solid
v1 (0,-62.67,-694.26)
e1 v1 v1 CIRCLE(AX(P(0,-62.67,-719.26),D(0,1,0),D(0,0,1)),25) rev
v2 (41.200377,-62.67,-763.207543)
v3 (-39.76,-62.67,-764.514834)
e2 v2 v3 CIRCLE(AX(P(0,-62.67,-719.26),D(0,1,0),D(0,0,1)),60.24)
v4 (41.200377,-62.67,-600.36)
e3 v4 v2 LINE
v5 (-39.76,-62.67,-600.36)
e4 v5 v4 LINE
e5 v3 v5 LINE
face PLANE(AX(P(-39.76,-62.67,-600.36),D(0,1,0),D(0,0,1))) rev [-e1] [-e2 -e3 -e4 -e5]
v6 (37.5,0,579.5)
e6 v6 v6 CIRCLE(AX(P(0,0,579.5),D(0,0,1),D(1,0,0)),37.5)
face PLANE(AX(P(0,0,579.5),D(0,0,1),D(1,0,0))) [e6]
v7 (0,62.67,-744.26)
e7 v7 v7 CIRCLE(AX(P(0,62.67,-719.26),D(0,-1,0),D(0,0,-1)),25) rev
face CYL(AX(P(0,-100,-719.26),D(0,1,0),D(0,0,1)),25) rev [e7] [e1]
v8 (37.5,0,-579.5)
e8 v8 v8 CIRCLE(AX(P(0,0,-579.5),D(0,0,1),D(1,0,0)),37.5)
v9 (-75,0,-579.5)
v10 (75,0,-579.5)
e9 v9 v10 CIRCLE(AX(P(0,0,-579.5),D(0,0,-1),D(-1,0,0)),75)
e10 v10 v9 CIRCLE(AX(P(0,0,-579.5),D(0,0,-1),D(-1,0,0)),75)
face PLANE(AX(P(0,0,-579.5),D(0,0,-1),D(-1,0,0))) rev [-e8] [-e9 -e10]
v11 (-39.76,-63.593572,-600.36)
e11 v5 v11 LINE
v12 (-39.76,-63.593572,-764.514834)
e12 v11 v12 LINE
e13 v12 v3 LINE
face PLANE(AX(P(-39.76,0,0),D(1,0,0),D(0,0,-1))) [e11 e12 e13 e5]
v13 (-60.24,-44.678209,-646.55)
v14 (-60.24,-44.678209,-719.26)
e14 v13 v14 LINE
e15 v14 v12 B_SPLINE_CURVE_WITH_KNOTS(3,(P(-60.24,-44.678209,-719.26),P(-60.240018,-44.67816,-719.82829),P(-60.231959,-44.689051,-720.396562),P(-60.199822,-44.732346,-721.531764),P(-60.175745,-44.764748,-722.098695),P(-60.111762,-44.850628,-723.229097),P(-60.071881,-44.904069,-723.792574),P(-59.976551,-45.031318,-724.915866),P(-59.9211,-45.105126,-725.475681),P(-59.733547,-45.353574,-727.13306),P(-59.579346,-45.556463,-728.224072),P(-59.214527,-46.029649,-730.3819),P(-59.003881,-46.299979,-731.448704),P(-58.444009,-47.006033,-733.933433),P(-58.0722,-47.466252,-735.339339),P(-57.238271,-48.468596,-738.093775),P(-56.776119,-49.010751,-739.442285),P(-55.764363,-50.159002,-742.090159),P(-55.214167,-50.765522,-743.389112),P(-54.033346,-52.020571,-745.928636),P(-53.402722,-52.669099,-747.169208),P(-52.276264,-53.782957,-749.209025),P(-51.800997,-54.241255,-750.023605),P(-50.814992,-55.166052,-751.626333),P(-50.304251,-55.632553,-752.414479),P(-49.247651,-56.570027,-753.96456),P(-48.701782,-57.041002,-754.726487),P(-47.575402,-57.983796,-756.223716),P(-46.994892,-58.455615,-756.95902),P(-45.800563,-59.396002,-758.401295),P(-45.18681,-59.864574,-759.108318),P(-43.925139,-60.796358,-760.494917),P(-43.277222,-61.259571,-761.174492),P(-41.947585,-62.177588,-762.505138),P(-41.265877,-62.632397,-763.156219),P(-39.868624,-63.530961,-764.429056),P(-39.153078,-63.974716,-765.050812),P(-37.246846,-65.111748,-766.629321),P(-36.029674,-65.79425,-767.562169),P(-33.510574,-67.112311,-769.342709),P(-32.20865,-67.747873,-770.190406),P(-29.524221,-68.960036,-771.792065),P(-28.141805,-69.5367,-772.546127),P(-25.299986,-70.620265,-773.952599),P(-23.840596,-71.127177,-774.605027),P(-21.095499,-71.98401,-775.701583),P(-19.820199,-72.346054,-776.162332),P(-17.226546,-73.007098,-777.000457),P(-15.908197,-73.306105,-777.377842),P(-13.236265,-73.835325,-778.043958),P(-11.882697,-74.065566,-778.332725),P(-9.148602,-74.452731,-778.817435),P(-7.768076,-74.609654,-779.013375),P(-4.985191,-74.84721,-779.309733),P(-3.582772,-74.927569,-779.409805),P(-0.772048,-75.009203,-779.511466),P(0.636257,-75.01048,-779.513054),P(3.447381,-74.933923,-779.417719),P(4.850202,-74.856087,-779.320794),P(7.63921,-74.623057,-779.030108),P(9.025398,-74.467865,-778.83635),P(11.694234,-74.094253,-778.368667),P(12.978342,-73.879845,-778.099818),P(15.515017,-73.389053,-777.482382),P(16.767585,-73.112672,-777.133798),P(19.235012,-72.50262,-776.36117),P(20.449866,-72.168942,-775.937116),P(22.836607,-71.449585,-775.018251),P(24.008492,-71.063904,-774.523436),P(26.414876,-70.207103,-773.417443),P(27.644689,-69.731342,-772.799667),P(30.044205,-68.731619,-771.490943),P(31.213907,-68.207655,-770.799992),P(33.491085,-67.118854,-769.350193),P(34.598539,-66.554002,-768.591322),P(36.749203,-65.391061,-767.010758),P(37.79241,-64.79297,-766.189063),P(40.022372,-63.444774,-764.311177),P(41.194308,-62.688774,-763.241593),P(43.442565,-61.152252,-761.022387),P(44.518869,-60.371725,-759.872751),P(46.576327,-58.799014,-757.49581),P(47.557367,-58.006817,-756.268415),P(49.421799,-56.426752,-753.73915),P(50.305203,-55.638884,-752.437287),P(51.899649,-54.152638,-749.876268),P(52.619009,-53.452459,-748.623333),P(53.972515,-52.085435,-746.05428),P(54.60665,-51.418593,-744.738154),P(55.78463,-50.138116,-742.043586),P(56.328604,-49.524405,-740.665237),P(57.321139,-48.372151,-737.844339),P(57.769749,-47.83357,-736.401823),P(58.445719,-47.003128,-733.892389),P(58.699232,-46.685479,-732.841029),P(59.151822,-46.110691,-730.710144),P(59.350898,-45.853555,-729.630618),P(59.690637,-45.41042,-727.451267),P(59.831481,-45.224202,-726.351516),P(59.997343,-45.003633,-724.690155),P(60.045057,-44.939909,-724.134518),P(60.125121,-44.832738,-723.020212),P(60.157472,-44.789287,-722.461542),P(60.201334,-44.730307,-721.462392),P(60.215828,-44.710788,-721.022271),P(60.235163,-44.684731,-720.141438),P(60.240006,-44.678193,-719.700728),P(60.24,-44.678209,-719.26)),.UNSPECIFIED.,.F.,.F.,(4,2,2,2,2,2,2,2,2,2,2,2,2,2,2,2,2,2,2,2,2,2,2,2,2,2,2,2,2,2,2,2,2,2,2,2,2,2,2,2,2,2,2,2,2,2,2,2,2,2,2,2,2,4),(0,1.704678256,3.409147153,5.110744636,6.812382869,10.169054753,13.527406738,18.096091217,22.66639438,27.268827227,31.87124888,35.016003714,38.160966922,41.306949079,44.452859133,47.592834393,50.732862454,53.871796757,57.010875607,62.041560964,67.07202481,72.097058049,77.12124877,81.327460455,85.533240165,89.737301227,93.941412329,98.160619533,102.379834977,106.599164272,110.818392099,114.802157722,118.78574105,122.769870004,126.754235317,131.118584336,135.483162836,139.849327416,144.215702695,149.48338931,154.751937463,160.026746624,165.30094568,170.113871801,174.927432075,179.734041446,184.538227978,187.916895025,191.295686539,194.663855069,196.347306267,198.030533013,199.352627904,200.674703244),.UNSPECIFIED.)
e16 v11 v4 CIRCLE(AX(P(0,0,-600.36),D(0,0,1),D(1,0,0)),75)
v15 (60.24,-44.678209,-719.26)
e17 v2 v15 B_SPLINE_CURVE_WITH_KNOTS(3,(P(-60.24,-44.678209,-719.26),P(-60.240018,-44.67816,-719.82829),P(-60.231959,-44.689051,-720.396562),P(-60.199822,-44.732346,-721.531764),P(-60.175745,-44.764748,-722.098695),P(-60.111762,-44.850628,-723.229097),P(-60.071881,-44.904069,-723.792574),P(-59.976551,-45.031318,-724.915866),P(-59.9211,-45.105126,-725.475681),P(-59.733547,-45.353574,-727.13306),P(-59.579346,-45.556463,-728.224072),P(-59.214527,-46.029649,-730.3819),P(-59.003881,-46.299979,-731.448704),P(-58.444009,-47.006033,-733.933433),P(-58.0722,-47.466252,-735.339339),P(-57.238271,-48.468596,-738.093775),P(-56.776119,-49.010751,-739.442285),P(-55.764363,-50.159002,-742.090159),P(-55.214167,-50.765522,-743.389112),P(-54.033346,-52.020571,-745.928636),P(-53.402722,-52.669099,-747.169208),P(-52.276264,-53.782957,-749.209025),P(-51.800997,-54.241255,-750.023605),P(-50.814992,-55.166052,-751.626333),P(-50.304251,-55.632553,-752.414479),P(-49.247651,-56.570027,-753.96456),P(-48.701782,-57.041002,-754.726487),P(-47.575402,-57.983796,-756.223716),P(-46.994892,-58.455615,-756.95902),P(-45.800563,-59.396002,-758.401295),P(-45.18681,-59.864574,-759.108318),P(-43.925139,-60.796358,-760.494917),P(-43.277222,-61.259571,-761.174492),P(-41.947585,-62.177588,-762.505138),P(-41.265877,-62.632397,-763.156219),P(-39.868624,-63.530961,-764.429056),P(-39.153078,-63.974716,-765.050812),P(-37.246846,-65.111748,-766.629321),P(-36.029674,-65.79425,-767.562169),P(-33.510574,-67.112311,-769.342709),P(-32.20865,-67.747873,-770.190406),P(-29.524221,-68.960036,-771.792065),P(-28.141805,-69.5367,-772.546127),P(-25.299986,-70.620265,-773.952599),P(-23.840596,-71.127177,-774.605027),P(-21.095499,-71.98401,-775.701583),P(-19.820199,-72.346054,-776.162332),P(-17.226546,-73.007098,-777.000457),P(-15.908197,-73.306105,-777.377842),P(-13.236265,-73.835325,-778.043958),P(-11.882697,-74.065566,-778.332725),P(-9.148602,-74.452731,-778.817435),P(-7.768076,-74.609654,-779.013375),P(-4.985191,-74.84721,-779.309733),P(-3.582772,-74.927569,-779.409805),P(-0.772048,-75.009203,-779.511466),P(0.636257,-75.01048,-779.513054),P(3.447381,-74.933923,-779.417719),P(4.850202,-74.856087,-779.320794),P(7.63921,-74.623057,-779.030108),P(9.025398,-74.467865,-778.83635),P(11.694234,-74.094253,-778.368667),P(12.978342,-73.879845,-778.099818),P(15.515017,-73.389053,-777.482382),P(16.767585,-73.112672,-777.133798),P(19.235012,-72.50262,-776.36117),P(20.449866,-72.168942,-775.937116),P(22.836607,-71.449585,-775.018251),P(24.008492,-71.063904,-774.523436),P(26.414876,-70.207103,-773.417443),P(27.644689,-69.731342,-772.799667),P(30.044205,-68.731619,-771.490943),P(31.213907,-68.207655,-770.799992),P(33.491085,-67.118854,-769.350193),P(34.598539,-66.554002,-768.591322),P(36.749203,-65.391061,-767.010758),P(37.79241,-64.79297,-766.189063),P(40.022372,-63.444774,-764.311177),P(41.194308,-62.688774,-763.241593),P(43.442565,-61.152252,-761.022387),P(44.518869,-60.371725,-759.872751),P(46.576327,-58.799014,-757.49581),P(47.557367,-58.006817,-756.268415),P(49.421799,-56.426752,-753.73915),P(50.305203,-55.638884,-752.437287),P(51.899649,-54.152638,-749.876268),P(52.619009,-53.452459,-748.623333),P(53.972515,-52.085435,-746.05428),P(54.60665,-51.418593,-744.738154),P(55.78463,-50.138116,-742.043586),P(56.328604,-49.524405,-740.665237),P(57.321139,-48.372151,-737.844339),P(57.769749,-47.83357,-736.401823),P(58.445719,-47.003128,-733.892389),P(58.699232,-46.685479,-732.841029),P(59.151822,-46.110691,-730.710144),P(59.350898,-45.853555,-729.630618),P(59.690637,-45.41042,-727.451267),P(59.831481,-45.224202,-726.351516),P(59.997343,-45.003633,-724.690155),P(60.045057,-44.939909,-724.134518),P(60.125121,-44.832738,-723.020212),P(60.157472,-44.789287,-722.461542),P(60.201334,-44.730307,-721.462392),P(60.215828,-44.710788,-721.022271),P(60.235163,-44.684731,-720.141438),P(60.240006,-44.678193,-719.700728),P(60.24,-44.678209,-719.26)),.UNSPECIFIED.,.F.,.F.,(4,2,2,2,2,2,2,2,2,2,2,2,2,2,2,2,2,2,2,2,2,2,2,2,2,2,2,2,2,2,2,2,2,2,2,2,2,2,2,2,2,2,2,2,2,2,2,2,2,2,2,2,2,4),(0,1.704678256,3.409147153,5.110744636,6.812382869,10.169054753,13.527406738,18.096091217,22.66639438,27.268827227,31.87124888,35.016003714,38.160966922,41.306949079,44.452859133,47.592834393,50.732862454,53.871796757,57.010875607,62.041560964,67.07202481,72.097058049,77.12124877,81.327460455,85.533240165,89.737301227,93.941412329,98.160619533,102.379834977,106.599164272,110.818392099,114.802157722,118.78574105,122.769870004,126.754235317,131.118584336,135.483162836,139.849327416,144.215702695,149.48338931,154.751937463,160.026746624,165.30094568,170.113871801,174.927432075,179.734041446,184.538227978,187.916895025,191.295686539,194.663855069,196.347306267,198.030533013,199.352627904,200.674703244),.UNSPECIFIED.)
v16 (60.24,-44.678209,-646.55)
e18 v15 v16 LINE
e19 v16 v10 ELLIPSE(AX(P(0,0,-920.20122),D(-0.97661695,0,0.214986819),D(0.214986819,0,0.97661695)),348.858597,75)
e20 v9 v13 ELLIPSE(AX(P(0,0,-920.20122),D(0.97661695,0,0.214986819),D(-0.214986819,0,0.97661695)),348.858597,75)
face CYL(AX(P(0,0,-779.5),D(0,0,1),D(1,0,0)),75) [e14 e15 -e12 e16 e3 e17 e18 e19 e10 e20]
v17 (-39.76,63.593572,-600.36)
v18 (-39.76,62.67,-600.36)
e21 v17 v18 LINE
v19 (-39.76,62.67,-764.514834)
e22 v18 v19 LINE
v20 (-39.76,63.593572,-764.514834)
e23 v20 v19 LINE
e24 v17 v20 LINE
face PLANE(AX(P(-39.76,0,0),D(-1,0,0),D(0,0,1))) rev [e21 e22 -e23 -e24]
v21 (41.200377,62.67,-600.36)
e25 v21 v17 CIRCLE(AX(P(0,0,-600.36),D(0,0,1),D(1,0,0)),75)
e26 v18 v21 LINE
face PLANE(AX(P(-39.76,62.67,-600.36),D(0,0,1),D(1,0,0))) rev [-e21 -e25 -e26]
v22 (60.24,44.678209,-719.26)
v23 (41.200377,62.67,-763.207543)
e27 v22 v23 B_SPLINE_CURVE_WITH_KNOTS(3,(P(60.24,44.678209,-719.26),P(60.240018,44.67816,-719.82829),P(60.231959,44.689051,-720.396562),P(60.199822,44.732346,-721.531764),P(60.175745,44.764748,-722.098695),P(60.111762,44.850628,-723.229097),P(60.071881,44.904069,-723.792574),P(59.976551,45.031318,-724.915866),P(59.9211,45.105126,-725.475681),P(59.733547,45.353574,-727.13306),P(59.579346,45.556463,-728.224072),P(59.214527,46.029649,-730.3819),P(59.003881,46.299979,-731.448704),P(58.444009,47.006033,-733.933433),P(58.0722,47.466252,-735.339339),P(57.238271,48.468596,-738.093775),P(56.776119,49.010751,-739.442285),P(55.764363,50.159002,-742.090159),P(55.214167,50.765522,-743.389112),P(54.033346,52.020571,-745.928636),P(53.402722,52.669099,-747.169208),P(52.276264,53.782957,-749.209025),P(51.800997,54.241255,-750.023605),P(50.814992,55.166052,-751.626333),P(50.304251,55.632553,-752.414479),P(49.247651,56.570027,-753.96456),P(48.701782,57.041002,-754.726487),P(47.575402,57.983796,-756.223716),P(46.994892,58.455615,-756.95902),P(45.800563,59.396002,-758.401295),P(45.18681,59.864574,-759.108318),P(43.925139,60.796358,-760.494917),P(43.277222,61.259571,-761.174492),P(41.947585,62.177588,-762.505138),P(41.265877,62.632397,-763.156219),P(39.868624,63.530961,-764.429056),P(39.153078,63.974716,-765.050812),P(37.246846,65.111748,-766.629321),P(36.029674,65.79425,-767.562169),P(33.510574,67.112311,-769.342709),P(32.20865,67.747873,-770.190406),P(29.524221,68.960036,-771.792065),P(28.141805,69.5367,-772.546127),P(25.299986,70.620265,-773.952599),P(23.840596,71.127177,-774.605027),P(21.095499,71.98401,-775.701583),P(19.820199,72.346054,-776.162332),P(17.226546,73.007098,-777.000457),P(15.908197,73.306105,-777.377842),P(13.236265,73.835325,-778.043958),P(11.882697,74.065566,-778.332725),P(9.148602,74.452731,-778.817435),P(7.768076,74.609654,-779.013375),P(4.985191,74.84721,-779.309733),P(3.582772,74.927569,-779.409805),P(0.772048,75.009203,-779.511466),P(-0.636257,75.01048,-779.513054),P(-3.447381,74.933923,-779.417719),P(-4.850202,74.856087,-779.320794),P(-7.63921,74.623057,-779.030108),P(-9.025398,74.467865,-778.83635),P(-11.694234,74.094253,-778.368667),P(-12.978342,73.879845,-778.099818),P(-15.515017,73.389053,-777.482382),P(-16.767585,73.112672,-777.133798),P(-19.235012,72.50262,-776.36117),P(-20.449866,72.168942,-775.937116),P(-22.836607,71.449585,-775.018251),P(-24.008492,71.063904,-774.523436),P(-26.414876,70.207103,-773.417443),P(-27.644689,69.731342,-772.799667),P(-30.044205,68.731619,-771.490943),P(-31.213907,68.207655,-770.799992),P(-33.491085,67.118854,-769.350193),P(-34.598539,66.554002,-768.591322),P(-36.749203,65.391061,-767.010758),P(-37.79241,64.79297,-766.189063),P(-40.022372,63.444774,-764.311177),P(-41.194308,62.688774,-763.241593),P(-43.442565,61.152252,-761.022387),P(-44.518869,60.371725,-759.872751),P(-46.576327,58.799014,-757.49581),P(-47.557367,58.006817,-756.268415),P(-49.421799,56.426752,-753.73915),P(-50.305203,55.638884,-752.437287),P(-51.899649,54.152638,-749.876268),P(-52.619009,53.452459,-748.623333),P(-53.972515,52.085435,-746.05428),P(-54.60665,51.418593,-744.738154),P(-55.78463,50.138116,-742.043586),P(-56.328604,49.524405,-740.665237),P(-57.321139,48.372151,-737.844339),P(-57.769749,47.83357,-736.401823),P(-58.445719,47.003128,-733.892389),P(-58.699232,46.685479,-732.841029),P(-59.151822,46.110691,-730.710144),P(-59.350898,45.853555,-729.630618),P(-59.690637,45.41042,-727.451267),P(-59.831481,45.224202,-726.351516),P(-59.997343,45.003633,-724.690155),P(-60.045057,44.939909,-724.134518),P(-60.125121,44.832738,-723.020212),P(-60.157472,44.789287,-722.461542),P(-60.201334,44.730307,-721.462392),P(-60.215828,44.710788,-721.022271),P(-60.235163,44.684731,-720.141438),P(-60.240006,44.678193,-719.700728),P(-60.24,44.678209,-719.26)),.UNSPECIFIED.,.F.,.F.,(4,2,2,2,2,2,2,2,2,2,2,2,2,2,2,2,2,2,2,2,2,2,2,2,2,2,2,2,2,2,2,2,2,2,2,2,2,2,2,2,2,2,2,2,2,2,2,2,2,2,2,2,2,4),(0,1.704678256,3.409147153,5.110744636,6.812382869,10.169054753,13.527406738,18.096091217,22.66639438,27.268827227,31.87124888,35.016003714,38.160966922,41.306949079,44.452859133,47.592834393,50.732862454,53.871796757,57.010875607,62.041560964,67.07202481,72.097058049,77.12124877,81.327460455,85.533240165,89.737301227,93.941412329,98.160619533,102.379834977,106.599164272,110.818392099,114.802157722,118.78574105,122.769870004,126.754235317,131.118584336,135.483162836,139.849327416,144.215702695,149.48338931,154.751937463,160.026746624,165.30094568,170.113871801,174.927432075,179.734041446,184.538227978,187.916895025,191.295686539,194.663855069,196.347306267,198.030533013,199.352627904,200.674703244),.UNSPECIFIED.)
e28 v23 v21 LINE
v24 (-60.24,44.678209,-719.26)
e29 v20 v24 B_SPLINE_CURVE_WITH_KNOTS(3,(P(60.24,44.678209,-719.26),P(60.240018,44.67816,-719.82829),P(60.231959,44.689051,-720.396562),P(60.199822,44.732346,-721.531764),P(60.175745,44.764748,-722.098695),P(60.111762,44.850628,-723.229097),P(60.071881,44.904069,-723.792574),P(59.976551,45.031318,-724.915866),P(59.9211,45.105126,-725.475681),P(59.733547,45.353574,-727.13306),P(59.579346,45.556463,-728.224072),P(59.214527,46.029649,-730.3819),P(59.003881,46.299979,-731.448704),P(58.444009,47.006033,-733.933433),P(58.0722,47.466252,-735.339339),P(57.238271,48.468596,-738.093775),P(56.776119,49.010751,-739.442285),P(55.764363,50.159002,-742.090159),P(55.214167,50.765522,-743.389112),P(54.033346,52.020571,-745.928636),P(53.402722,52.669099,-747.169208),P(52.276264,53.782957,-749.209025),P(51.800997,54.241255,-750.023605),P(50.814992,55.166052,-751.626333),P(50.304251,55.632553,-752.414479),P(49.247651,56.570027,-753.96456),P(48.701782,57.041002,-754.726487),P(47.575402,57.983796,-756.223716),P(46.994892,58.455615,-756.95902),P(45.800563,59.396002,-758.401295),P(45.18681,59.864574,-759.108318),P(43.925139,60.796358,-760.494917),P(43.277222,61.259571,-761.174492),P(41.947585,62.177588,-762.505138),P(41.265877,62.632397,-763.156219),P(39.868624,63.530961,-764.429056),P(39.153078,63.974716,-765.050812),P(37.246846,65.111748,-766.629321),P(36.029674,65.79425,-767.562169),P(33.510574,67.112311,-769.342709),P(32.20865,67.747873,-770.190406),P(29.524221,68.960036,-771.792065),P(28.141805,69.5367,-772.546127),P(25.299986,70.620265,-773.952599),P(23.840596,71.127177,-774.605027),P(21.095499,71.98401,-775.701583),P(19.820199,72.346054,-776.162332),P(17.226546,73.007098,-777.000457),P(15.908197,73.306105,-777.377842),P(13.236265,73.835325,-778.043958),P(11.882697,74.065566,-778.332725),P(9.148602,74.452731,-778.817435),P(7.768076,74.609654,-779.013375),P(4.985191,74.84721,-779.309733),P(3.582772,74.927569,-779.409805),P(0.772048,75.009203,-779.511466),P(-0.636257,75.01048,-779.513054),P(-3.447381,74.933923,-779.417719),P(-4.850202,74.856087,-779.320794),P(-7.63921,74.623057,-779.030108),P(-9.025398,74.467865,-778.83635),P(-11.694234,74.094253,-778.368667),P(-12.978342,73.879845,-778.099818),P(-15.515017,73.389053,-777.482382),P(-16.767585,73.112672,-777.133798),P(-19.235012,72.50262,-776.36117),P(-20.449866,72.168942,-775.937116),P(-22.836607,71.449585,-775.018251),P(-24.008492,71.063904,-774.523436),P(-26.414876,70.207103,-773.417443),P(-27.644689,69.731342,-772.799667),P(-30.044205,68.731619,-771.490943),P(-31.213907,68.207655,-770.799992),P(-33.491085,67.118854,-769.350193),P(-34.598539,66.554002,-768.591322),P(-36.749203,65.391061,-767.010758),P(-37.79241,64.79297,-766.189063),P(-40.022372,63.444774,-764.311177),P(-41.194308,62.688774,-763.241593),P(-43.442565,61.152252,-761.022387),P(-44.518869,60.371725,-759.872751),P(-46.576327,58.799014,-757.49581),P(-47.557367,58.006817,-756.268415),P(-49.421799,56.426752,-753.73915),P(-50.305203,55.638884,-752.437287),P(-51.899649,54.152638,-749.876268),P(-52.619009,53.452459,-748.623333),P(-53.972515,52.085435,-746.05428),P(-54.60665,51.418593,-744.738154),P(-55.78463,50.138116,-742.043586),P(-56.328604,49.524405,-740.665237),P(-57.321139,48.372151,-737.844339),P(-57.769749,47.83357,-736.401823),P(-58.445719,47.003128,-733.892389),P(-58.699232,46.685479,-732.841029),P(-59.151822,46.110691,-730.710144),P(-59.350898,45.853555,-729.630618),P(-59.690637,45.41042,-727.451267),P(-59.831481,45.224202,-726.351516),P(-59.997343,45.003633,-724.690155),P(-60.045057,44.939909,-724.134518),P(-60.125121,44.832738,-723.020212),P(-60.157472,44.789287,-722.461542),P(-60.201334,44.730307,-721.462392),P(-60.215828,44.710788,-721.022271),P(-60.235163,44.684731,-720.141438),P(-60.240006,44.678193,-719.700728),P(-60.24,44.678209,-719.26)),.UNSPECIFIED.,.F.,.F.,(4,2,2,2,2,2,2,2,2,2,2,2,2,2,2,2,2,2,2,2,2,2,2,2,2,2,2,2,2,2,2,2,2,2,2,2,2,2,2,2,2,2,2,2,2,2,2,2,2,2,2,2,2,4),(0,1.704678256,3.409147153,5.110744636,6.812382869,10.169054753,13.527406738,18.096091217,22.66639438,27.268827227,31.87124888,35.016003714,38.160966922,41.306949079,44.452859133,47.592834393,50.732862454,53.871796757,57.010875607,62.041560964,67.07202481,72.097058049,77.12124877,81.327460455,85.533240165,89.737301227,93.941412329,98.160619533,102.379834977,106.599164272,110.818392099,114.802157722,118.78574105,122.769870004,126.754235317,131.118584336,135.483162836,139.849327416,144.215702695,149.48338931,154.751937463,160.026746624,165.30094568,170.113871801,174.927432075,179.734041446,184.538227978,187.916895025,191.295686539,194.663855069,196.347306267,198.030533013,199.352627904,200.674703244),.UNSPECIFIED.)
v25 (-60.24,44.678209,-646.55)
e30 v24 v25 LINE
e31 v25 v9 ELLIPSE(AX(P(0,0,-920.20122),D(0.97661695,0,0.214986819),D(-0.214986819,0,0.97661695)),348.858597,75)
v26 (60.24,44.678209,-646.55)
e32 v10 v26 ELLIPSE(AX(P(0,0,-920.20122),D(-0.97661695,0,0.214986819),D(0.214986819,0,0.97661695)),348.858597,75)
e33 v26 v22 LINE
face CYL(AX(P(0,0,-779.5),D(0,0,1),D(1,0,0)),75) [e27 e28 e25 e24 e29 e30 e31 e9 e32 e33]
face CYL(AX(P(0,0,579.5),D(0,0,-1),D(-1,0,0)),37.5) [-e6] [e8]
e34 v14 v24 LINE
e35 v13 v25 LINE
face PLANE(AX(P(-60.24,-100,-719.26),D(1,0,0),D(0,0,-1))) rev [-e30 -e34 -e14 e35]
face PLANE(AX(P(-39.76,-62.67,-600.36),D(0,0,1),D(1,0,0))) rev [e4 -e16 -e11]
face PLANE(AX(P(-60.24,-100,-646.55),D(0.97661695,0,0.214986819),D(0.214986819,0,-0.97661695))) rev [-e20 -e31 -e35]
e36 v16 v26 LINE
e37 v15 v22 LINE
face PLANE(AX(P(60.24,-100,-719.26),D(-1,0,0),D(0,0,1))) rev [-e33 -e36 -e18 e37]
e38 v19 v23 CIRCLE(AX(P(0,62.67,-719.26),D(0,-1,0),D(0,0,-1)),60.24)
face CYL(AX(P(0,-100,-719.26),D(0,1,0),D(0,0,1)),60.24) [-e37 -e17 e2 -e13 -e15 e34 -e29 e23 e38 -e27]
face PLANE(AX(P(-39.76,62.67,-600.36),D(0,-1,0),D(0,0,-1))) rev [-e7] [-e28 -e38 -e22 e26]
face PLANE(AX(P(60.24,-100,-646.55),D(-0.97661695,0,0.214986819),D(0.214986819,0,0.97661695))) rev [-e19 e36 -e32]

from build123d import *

# Parameters (mm, degrees)
SKETCH1_R           = 37.5
BOSS_EXTRUDE1_DEPTH = 579.5
SKETCH2_R           = 75
BOSS_EXTRUDE2_DEPTH = 200
SKETCH3_R           = 25
CUT_EXTRUDE1_DEPTH  = 100
SKETCH4_W           = 260.945871841
SKETCH4_H           = 75.746474917
CUT_EXTRUDE2_DEPTH  = 100


with BuildPart() as part:
    # Sketch1 → Boss-Extrude1 (new, symmetric)
    with BuildSketch(Plane.XY):
        Circle(SKETCH1_R)
    extrude(amount=BOSS_EXTRUDE1_DEPTH, both=True)

    # Sketch2 → Boss-Extrude2 (add)
    with BuildSketch(Plane(origin=(0, 0, -579.5), x_dir=(-1, 0, 0), z_dir=(0, 0, -1))):
        Circle(SKETCH2_R)
    extrude(amount=BOSS_EXTRUDE2_DEPTH)

    # Sketch3 → Cut-Extrude1 (cut, symmetric)
    with BuildSketch(Plane(origin=(0, 0, 0), x_dir=(1, 0, 0), z_dir=(0, 1, 0))):
        with Locations(Location((0, 719.26, 0), (0, 0, 270))):
            Circle(SKETCH3_R)
        with BuildLine():
            Line((60.24, 719.26), (60.24, 646.55))
            Line((60.24, 646.55), (75, 579.5))
            Line((75, 579.5), (150.12522471, 579.5))
            Line((150.12522471, 579.5), (155.105572786, 831.544185687))
            Line((155.105572786, 831.544185687), (-155.801518438, 837.687654259))
            Line((-155.801518438, 837.687654259), (-75, 579.5))
            Line((-75, 579.5), (-60.24, 646.55))
            Line((-60.24, 646.55), (-60.24, 719.26))
            ThreePointArc((-60.24, 719.26), (0, 779.5), (60.24, 719.26))
        make_face()
    extrude(amount=CUT_EXTRUDE1_DEPTH, both=True, mode=Mode.SUBTRACT)

    # Sketch4 → Cut-Extrude2 (cut, symmetric)
    with BuildSketch(Plane(origin=(60.24, 0, 0), x_dir=(0, 0, -1), z_dir=(1, 0, 0))):
        with Locations((730.83293592, 100.543237459)):
            Rectangle(SKETCH4_W, SKETCH4_H)
        with Locations((730.83293592, -100.543237459)):
            Rectangle(SKETCH4_W, SKETCH4_H)
    extrude(amount=CUT_EXTRUDE2_DEPTH, both=True, mode=Mode.SUBTRACT)


solid = part.part
